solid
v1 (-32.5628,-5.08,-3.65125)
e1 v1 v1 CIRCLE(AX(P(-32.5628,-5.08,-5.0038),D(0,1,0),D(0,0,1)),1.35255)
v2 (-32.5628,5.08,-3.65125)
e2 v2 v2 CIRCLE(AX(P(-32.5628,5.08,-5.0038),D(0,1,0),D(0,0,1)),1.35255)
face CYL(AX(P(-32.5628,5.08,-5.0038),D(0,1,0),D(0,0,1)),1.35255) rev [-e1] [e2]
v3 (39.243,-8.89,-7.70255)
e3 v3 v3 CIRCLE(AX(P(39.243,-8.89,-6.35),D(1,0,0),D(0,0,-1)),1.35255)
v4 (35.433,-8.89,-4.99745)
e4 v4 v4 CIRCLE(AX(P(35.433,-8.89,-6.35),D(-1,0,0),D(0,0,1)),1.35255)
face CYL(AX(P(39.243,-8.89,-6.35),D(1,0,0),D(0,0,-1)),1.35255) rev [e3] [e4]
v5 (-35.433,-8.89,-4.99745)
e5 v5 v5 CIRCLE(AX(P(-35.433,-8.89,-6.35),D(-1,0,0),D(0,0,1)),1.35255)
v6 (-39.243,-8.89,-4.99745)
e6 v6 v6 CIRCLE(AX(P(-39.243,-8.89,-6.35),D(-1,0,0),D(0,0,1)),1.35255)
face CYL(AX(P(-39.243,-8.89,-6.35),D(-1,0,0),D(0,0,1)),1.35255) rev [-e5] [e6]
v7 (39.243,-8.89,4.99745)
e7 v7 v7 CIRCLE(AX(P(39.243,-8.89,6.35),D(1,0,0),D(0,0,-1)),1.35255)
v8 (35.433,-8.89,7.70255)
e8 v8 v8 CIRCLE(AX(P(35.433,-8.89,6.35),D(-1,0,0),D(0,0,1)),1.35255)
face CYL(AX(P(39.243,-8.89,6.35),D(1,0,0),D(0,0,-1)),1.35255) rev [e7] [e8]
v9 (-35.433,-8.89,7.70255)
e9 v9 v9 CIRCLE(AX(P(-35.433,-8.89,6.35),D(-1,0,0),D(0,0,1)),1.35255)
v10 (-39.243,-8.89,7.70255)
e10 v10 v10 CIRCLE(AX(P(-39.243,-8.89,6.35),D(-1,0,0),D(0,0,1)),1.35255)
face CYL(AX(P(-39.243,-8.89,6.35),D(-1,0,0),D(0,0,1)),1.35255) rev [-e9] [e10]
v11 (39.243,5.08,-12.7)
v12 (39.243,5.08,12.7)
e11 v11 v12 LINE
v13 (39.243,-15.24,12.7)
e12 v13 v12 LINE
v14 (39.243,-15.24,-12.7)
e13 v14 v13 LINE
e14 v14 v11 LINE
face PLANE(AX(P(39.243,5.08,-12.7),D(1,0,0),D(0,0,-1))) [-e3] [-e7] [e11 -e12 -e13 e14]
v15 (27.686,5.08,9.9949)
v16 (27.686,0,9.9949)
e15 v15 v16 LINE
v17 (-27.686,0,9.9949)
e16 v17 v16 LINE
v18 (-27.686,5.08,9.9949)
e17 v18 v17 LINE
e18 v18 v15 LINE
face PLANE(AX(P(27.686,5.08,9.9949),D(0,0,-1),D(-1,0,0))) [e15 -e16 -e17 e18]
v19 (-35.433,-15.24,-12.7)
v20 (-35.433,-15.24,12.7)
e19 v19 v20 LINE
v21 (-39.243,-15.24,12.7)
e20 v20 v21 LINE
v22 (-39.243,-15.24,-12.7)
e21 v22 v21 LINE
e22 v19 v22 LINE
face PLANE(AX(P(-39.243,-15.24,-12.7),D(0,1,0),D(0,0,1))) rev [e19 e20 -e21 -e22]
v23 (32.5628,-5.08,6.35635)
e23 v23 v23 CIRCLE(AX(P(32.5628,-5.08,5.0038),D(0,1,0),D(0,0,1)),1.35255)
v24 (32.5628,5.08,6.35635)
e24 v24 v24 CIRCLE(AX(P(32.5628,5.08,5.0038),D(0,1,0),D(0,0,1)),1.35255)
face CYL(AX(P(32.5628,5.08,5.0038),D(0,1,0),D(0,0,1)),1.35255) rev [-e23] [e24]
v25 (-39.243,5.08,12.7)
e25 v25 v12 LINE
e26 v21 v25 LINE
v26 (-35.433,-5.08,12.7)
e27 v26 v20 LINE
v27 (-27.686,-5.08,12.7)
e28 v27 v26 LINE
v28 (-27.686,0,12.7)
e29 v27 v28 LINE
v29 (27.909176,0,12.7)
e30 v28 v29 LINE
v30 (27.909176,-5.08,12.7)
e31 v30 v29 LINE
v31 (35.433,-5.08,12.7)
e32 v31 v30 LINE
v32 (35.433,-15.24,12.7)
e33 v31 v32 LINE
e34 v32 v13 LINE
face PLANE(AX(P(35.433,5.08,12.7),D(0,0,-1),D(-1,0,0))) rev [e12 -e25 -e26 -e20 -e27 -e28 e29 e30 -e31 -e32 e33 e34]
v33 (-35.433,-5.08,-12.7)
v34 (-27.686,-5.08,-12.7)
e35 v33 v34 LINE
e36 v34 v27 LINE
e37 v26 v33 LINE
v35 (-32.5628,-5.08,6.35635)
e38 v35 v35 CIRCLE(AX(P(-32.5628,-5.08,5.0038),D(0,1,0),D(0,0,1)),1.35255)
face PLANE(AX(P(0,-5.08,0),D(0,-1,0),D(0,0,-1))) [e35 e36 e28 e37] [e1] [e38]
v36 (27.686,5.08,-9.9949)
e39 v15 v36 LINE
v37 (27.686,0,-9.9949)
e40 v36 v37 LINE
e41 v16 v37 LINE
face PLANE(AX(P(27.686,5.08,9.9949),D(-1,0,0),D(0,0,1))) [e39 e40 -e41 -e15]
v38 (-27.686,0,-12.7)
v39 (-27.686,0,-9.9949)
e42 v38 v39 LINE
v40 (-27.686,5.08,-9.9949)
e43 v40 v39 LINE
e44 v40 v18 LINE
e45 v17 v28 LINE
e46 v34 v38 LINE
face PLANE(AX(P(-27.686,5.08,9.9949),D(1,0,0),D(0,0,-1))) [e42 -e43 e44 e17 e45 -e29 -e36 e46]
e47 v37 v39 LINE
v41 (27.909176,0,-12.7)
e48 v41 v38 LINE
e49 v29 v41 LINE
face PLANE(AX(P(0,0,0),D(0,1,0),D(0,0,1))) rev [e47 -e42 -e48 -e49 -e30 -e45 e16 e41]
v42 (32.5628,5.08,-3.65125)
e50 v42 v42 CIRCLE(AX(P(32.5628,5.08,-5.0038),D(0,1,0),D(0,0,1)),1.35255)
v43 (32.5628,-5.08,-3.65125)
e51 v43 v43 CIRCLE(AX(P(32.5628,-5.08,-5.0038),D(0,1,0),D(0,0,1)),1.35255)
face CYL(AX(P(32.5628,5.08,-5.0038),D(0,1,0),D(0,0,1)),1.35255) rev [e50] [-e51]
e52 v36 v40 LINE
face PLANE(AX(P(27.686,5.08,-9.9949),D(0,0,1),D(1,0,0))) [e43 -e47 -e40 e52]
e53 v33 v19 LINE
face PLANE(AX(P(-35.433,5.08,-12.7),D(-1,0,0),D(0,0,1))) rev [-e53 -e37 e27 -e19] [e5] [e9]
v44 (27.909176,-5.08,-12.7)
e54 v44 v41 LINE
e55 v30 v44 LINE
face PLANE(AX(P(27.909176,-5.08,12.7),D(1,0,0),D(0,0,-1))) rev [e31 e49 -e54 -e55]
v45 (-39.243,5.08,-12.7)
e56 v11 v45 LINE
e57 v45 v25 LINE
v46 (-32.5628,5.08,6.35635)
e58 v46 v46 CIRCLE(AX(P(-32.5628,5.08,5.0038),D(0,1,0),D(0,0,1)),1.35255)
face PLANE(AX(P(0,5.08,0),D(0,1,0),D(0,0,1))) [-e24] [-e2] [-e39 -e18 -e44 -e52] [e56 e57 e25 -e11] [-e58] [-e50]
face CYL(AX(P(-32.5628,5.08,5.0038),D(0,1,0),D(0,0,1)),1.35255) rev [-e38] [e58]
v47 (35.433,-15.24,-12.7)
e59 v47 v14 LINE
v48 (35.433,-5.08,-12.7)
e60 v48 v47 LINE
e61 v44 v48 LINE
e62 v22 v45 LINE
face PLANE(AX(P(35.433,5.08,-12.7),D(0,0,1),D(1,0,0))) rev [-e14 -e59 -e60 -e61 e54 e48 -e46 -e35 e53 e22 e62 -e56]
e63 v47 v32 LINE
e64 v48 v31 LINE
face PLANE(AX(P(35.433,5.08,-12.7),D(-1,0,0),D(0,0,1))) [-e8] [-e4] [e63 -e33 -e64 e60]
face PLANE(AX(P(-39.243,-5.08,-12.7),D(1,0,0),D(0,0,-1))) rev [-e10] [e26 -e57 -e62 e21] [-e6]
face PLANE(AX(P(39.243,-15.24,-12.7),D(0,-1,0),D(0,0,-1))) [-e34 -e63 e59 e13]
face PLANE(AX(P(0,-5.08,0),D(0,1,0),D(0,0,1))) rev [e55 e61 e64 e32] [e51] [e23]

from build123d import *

# Parameters (mm, degrees)
SKETCH1_W                          = 70.866
SKETCH1_H                          = 25.4
SKETCH1_W_2                        = 55.372
SKETCH1_H_2                        = 19.9898
BOSS_EXTRUDE1_DEPTH                = 5.08
SKETCH7_W                          = 7.747
SKETCH7_H                          = 25.4
SKETCH7_W_2                        = 7.523824479
BOSS_EXTRUDE2_DEPTH                = 5.08
BOSS_EXTRUDE3_DEPTH                = 25.4
TAP_DRILL_FOR_6_32_TAP1_D          = 2.7051
TAP_DRILL_FOR_6_32_TAP1_DEPTH      = 10.16
TAP_DRILL_FOR_6_32_TAP1_TIP        = 0.81269403
TAP_DRILL_FOR_6_32_TAP2_AT_2_COUNT = 2
TAP_DRILL_FOR_6_32_TAP2_AT_2_PITCH = 12.7


with BuildPart() as part:
    # Sketch1 → Boss-Extrude1 (new body)
    with BuildSketch(Plane(origin=(0, 0, 0), x_dir=(1, 0, 0), z_dir=(0, 1, 0))):
        Rectangle(SKETCH1_W, SKETCH1_H)
        Rectangle(SKETCH1_W_2, SKETCH1_H_2, mode=Mode.SUBTRACT)
    extrude(amount=BOSS_EXTRUDE1_DEPTH)

    # Sketch7 → Boss-Extrude2 (add)
    with BuildSketch(Plane.XZ):
        with Locations((-31.5595, 0)):
            Rectangle(SKETCH7_W, SKETCH7_H)
        with Locations((31.671087761, 0)):
            Rectangle(SKETCH7_W_2, SKETCH7_H)
    extrude(amount=BOSS_EXTRUDE2_DEPTH)

    # Sketch8 → Boss-Extrude3 (add)
    with BuildSketch(Plane.XY.offset(12.7)):
        Polygon((35.433, 5.08), (35.433, -15.24), (39.243, -15.24), (39.243, -5.08), (39.243, 5.08), align=None)
    boss_extrude3 = extrude(amount=-BOSS_EXTRUDE3_DEPTH)

    # Mirror1: Boss-Extrude3 across plane
    add(boss_extrude3.mirror(Plane(origin=(0, 0, 0), x_dir=(0, 0, 1), z_dir=(1, 0, 0))))

    # Tap Drill for #6-32 Tap1
    with Locations(Plane(origin=(0, 5.08, 0), x_dir=(1, 0, 0), z_dir=(0, 1, 0))):
        with Locations((-32.5628, 5.0038), (-32.5628, -5.0038), (32.5628, 5.0038), (32.5628, -5.0038)):
            Hole(TAP_DRILL_FOR_6_32_TAP1_D / 2, depth=TAP_DRILL_FOR_6_32_TAP1_DEPTH)
            with Locations((0, 0, -(TAP_DRILL_FOR_6_32_TAP1_DEPTH + TAP_DRILL_FOR_6_32_TAP1_TIP / 2))):  # 118° drill point
                Cone(0, TAP_DRILL_FOR_6_32_TAP1_D / 2, TAP_DRILL_FOR_6_32_TAP1_TIP, mode=Mode.SUBTRACT)

    # Sketch10 → Tap Drill for #6-32 Tap2 (revolve, cut)
    with BuildSketch(Plane(origin=(-39.243, -8.89, -6.35), x_dir=(0, 0, 1), z_dir=(0, 1, 0))):
        Polygon((0, 0), (0, 10.97269403), (1.35255, 10.16), (1.35255, 0), align=None)
    tap_drill_for_6_32_tap2 = revolve(axis=Axis((-45.593, -8.89, -6.35), (1, 0, 0)), mode=Mode.SUBTRACT)

    # Tap Drill for #6-32 Tap2 at 2: Tap Drill for #6-32 Tap2 ×2
    with Locations(*[(0, 0, i * TAP_DRILL_FOR_6_32_TAP2_AT_2_PITCH) for i in range(1, TAP_DRILL_FOR_6_32_TAP2_AT_2_COUNT)]):
        add(tap_drill_for_6_32_tap2, mode=Mode.SUBTRACT)

    # Mirror2: Tap Drill for #6-32 Tap2 across plane
    add(tap_drill_for_6_32_tap2.mirror(Plane(origin=(0, 0, 0), x_dir=(0, 0, 1), z_dir=(1, 0, 0))), mode=Mode.SUBTRACT)

    # Mirror2 copy 1 sketch → Mirror2 copy 1 (revolve, cut)
    with BuildSketch(Plane(origin=(39.243, -8.89, 6.35), x_dir=(0, 0, 1), z_dir=(0, 1, 0))):
        Polygon((0, 0), (0, -10.97269403), (1.35255, -10.16), (1.35255, 0), align=None)
    revolve(axis=Axis((45.593, -8.89, 6.35), (1, 0, 0)), mode=Mode.SUBTRACT)


solid = part.part
